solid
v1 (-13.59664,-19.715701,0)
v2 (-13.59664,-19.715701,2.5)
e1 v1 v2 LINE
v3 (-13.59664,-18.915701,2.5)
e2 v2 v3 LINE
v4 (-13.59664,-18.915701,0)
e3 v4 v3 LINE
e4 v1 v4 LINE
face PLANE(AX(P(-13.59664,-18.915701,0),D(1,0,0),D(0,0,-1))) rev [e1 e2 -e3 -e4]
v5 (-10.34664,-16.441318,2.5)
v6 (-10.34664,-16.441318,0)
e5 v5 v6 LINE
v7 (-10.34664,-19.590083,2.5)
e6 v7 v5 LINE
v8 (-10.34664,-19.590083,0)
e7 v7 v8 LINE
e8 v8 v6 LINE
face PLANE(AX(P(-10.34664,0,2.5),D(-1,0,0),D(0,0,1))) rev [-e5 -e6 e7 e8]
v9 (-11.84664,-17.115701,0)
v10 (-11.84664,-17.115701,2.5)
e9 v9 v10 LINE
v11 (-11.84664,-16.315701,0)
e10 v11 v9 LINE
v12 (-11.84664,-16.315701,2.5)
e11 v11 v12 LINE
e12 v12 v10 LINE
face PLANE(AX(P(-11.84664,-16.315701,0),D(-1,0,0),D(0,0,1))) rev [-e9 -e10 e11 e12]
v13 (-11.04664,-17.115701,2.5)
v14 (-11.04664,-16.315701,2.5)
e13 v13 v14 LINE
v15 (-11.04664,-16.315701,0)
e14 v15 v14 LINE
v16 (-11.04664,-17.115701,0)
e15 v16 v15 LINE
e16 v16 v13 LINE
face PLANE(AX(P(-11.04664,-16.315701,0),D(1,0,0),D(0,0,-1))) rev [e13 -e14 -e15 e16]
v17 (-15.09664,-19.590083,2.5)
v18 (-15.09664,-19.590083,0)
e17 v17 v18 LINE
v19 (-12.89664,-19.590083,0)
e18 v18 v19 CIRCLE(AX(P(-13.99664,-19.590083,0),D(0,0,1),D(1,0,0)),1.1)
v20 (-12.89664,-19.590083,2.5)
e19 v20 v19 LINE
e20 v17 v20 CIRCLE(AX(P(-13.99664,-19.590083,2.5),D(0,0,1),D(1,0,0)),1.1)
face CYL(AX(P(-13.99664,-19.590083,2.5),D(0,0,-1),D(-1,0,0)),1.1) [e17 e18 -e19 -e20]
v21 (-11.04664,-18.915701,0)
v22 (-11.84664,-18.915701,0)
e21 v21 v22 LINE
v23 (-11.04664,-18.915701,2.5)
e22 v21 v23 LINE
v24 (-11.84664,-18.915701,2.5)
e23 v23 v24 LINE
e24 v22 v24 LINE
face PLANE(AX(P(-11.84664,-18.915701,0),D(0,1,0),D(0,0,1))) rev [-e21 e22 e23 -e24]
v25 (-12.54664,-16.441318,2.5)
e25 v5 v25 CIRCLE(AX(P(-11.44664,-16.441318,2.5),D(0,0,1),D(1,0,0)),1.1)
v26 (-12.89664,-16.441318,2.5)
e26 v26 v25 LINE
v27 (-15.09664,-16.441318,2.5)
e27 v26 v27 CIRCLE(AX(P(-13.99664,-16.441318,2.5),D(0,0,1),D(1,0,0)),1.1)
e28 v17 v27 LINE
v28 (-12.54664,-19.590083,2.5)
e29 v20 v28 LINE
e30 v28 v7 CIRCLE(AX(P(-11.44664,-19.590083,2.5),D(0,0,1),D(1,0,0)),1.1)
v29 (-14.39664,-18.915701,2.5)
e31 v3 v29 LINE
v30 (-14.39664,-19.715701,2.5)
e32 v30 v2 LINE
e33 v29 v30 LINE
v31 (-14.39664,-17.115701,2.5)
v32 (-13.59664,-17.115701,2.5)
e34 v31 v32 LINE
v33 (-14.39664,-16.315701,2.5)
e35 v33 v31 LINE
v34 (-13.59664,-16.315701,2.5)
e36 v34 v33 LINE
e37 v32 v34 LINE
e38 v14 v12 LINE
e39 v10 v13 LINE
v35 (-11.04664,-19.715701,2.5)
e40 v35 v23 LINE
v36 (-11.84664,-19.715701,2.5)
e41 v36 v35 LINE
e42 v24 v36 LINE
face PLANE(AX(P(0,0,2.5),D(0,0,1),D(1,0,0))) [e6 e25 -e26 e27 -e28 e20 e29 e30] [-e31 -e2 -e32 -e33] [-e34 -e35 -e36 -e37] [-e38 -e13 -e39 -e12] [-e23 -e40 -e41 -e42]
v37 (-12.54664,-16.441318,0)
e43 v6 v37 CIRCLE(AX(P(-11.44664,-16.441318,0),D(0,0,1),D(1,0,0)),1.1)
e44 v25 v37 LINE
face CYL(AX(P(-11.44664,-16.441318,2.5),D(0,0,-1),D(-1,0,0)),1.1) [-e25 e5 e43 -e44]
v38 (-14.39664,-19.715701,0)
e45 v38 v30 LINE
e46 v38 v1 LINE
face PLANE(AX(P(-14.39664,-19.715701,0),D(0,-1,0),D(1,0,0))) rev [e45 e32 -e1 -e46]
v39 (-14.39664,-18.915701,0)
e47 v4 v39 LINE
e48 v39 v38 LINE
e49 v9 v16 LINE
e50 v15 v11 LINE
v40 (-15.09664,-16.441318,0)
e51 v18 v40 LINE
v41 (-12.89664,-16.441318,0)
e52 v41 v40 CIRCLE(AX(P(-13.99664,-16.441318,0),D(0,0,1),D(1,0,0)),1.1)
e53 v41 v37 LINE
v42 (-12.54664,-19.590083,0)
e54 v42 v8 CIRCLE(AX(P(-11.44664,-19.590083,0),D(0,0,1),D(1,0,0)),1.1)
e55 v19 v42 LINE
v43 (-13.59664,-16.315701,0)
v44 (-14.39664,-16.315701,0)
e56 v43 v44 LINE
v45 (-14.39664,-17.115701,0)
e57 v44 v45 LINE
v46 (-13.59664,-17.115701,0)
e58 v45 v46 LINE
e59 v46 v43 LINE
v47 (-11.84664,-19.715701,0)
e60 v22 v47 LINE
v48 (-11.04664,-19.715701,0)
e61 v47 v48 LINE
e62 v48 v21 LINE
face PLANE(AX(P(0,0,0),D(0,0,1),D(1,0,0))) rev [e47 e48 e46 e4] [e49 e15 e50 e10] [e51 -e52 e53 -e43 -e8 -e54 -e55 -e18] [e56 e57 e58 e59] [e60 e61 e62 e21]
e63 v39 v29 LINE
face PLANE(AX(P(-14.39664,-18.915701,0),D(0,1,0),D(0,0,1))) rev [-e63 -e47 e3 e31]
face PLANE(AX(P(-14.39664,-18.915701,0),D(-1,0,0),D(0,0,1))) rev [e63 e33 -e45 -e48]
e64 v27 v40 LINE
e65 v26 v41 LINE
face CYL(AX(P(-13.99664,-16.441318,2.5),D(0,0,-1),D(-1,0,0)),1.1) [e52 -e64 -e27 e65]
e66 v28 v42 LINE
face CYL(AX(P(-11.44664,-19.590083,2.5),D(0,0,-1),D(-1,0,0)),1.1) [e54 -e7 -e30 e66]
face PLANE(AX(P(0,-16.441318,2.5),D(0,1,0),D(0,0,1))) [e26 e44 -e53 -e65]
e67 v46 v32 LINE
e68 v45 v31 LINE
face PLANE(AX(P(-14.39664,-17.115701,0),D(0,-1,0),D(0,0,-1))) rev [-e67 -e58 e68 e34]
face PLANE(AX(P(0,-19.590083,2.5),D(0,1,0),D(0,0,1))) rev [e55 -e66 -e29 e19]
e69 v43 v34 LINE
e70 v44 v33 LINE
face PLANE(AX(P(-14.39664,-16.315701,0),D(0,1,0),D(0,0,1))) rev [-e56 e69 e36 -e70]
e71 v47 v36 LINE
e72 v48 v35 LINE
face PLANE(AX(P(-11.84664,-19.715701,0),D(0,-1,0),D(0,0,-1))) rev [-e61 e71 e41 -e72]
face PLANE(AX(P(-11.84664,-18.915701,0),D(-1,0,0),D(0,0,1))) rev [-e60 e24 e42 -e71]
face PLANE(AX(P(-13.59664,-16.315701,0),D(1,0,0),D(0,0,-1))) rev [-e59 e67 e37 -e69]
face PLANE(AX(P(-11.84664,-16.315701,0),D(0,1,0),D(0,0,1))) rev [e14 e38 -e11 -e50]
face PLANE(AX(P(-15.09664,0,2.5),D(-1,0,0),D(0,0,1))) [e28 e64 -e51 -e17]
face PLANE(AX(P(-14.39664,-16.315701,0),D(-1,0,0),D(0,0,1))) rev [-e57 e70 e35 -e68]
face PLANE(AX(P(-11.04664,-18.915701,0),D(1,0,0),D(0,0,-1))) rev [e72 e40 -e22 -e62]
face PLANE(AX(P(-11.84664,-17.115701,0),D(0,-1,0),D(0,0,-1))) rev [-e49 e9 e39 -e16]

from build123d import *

# Parameters (mm, degrees)
SKICA1_W                 = 0.35
SKICA1_H                 = 3.148765599
P_IDAT_VYSUNUT_M1_DEPTH  = 2.5
SKICA2_W                 = 0.8
SKICA2_H                 = 0.8
ODEBRAT_VYSUNUT_M1_DEPTH = 2.5


with BuildPart() as part:
    # Skica1 → Přidat vysunutím1 (new body)
    with BuildSketch(Plane.XY):
        with BuildLine():
            Line((-12.89663996, -19.590083306), (-12.89663996, -16.441317707))
            ThreePointArc((-12.89663996, -16.441317707), (-13.99663996, -15.341317707), (-15.09663996, -16.441317707))
            Line((-15.09663996, -16.441317707), (-15.09663996, -19.590083306))
            ThreePointArc((-15.09663996, -19.590083306), (-13.99663996, -20.690083306), (-12.89663996, -19.590083306))
        make_face()
        with Locations((-12.72163996, -18.015700506)):
            Rectangle(SKICA1_W, SKICA1_H)
        with BuildLine():
            Line((-10.34663996, -19.590083306), (-10.34663996, -16.441317707))
            ThreePointArc((-10.34663996, -16.441317707), (-11.44663996, -15.341317707), (-12.54663996, -16.441317707))
            Line((-12.54663996, -16.441317707), (-12.54663996, -19.590083306))
            ThreePointArc((-12.54663996, -19.590083306), (-11.44663996, -20.690083306), (-10.34663996, -19.590083306))
        make_face()
    extrude(amount=P_IDAT_VYSUNUT_M1_DEPTH)

    # Skica2 → Odebrat vysunutím1 (cut)
    with BuildSketch(Plane.XY.offset(2.5)):
        with Locations((-13.99663996, -16.715700507)):
            Rectangle(SKICA2_W, SKICA2_H)
        with Locations((-13.99663996, -19.315700507)):
            Rectangle(SKICA2_W, SKICA2_H)
        with Locations((-11.44663996, -16.715700507)):
            Rectangle(SKICA2_W, SKICA2_H)
        with Locations((-11.44663996, -19.315700507)):
            Rectangle(SKICA2_W, SKICA2_H)
    extrude(amount=-ODEBRAT_VYSUNUT_M1_DEPTH, mode=Mode.SUBTRACT)


solid = part.part
